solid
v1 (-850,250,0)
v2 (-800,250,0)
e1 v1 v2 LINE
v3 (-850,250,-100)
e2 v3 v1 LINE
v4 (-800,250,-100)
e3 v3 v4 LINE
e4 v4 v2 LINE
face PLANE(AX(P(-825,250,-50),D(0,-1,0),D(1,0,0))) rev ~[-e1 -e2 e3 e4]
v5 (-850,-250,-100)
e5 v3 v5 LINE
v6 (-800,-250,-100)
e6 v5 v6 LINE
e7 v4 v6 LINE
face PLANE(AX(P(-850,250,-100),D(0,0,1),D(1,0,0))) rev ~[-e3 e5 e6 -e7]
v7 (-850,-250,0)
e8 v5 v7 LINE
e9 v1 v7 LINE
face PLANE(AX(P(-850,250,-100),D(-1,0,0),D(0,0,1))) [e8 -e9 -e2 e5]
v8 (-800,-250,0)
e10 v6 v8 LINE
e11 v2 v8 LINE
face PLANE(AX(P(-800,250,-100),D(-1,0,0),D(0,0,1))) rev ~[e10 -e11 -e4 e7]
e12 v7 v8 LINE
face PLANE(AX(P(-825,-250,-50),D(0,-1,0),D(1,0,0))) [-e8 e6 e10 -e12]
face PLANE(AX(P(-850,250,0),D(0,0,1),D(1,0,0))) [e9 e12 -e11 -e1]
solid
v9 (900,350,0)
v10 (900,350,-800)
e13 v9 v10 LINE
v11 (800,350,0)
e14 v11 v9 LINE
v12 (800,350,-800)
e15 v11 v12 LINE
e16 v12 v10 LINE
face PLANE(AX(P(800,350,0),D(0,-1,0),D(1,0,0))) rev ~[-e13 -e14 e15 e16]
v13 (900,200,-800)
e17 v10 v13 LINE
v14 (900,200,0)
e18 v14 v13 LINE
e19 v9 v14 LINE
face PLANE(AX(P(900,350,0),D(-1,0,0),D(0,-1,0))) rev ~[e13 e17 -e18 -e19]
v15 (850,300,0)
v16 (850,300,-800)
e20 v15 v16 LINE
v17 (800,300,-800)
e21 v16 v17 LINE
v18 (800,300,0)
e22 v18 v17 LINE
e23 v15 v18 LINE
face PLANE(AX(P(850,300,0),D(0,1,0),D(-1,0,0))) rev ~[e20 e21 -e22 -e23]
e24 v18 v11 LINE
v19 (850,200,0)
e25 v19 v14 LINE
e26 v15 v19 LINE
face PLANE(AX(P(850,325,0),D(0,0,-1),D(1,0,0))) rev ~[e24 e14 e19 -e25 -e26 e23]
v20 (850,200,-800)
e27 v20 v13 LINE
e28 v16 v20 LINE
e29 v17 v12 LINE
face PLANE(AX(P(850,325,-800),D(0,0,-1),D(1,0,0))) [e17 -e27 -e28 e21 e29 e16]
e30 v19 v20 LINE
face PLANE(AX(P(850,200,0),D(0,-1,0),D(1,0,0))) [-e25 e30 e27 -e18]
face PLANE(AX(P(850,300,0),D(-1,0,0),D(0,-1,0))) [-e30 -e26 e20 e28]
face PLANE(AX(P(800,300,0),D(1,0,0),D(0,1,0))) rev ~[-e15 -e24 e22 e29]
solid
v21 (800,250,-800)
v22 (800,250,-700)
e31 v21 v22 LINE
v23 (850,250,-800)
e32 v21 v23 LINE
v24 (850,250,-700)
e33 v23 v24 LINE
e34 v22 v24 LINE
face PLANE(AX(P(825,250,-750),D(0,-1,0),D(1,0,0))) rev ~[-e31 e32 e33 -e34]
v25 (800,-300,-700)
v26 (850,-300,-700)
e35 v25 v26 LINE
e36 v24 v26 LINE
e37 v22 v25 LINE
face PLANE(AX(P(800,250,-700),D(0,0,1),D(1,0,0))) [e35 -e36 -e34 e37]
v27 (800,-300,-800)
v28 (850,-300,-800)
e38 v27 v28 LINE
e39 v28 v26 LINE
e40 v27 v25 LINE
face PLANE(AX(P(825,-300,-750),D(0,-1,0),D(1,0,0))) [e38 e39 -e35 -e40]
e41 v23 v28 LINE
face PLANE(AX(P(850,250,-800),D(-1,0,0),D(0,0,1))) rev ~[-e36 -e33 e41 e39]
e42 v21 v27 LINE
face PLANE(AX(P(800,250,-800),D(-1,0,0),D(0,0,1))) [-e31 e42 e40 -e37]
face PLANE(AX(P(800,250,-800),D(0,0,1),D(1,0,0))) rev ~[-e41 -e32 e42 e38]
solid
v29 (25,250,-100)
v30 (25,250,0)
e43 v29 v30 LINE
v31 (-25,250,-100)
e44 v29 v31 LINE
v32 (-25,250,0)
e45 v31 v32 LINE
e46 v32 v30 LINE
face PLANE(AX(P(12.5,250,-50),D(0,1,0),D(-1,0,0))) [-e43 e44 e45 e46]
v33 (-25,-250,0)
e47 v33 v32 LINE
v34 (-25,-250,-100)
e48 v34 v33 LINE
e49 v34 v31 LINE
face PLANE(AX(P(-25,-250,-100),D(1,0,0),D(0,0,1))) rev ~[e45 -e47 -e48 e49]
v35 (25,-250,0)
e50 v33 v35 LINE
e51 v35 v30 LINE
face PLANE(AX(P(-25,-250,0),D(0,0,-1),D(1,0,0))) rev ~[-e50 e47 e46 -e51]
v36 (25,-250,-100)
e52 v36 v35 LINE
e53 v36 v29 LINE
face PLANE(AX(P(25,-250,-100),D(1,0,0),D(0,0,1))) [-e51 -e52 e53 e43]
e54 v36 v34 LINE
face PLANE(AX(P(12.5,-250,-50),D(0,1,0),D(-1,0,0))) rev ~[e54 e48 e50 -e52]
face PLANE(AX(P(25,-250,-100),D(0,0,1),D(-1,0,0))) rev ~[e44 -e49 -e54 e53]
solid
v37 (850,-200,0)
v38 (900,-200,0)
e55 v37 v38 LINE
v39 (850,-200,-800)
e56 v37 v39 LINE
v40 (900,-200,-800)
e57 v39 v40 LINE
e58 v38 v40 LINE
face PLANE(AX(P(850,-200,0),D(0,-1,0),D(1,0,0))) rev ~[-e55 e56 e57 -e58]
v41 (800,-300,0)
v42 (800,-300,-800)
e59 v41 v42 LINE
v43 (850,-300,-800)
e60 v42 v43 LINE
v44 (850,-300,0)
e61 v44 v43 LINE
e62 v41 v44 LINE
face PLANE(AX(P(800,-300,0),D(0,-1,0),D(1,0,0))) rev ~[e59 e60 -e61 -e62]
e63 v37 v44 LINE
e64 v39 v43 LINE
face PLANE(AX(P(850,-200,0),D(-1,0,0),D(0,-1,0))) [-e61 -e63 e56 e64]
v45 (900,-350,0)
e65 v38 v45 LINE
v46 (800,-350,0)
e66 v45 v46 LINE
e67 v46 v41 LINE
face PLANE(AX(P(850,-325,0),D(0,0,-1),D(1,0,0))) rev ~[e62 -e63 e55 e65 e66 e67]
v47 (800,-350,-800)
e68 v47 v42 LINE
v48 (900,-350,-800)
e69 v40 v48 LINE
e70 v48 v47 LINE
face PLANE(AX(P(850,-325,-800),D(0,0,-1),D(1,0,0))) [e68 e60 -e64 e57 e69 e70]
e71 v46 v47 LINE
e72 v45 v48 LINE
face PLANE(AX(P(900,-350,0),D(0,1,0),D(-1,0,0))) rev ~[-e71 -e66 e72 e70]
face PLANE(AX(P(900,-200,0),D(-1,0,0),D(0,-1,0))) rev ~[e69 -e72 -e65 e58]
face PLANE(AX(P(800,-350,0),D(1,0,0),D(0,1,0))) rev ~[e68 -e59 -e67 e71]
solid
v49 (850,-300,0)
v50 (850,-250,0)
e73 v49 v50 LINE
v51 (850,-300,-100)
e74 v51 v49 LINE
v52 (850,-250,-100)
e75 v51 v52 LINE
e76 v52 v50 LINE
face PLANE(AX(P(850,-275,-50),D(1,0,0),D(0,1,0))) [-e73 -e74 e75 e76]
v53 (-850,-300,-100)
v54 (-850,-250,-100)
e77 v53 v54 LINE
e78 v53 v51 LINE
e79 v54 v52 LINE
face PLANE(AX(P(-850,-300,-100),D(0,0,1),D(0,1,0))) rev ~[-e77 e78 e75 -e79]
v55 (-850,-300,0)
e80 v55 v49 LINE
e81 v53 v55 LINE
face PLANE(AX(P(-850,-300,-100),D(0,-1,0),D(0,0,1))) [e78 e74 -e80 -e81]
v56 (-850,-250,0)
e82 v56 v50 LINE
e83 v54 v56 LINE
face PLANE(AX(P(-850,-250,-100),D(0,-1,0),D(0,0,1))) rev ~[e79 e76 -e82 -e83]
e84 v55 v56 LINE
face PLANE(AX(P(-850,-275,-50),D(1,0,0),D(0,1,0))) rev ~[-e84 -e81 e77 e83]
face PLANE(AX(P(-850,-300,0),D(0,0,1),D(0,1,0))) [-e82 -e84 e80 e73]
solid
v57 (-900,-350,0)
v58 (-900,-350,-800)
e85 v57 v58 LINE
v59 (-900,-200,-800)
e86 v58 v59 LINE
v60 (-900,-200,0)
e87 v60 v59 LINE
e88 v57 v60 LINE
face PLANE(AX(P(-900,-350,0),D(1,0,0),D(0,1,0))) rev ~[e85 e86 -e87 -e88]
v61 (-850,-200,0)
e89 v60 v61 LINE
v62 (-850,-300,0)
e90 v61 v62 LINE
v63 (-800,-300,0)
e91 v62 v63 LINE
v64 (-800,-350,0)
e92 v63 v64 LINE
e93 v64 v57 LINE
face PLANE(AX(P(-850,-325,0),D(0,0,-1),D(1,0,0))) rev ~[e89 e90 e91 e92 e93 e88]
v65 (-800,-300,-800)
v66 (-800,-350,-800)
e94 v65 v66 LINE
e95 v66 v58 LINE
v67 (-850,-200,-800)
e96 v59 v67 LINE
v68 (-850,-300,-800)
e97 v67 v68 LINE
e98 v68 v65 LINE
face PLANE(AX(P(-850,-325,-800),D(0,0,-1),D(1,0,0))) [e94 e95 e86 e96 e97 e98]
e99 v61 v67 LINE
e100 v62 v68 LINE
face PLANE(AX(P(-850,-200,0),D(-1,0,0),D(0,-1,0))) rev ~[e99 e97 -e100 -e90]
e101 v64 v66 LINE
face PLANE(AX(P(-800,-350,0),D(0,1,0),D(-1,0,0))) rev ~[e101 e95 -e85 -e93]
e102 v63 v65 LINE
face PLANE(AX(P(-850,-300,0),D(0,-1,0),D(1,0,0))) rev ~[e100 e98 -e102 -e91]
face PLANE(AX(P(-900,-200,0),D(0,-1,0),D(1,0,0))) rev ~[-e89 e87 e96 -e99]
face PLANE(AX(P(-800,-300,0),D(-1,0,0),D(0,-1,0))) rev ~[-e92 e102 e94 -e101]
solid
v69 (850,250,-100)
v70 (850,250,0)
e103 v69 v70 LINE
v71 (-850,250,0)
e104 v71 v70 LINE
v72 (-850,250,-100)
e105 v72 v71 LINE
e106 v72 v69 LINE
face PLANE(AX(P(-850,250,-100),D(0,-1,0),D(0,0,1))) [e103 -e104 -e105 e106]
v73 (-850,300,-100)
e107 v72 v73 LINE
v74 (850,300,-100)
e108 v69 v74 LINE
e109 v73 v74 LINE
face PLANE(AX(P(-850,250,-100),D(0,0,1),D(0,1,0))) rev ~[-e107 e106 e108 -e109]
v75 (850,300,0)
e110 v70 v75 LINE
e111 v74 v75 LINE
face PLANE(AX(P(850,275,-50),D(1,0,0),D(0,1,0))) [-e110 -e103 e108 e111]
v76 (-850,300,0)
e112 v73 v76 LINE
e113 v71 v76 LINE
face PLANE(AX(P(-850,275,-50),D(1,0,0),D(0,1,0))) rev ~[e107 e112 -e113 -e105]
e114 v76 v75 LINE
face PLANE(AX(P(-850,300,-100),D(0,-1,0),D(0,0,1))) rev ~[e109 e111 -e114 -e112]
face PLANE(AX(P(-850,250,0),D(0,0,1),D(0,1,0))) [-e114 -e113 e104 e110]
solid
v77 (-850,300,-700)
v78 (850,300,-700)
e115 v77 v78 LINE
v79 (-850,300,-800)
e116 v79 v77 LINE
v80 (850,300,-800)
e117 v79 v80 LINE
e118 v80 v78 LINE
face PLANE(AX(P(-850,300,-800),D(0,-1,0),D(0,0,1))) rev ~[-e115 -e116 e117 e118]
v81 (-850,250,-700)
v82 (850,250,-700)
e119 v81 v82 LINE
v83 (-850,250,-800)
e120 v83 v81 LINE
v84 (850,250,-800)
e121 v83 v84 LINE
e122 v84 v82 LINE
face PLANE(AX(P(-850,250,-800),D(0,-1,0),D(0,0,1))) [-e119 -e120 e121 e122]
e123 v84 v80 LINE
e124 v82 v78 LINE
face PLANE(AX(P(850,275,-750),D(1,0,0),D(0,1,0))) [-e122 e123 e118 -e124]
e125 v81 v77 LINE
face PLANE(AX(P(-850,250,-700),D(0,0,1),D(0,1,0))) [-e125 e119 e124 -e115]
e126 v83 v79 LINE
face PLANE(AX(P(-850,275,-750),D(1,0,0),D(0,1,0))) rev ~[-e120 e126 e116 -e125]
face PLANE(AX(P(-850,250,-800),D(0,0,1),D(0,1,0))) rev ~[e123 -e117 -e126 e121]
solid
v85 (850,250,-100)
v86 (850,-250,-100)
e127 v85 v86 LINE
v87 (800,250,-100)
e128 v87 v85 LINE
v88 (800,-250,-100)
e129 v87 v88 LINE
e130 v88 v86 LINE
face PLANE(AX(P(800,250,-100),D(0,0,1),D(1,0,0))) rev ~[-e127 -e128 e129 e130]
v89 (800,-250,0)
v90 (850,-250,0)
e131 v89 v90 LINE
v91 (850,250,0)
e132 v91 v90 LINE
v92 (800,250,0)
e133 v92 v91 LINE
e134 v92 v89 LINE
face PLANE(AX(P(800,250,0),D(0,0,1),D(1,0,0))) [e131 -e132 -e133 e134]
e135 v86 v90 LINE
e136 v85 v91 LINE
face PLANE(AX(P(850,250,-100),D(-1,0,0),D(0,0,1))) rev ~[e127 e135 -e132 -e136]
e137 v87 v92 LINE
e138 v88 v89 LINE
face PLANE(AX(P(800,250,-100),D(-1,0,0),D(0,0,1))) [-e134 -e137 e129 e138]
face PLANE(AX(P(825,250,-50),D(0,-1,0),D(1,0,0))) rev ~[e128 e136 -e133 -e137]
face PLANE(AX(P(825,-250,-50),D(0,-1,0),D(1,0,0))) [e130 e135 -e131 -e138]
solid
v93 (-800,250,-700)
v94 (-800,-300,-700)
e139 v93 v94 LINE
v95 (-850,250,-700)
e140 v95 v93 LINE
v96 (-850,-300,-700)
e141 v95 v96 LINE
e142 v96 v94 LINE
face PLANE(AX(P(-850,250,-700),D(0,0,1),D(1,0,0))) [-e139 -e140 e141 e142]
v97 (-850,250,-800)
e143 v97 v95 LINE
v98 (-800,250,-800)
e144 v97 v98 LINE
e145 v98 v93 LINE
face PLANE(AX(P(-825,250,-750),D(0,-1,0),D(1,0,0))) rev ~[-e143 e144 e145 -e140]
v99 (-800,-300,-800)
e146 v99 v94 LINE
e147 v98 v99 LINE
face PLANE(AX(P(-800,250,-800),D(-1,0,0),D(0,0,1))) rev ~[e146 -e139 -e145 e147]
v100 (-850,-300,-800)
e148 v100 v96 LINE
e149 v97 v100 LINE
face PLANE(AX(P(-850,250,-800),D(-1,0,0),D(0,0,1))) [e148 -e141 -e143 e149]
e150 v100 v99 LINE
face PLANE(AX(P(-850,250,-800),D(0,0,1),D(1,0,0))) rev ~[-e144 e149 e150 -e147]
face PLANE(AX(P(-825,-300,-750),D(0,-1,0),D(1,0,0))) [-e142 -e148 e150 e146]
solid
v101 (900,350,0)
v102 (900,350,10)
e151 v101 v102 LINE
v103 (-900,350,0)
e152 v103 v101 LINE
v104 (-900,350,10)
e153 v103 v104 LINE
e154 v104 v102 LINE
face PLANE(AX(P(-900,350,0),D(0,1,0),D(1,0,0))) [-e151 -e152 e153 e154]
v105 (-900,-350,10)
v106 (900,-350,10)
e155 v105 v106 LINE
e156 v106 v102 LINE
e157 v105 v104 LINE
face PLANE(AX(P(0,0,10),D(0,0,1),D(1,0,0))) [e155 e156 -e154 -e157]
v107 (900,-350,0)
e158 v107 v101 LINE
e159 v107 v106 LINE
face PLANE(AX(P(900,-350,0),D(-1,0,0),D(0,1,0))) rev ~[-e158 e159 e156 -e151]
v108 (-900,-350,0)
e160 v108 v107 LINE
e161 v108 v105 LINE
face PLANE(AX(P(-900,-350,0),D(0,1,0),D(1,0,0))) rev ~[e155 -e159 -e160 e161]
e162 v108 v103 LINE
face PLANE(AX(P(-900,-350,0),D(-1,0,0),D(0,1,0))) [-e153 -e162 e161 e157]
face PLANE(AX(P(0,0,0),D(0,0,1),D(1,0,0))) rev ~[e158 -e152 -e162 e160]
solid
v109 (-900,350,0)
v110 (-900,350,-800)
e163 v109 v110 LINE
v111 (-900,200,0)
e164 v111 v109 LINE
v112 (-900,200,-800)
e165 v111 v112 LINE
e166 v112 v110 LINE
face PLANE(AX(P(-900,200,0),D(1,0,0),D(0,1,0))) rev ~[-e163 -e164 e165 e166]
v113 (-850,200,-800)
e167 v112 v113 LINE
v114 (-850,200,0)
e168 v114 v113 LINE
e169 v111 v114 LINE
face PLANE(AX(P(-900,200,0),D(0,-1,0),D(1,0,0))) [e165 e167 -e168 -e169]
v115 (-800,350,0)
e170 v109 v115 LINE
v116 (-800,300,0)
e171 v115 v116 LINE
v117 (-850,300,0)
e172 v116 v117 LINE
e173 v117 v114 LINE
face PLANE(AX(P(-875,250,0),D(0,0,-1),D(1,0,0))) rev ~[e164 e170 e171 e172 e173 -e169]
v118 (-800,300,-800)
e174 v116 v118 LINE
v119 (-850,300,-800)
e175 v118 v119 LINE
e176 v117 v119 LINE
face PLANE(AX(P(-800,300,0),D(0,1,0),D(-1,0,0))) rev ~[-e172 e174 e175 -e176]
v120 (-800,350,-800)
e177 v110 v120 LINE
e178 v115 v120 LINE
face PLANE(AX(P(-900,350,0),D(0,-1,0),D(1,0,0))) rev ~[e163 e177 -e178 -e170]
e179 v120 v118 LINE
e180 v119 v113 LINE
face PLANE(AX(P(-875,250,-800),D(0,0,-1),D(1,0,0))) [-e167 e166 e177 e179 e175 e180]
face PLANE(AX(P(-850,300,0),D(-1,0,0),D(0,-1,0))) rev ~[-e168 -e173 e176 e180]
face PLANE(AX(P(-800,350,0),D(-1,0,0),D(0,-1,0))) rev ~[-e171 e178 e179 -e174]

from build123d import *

# Parameters (mm, degrees)
F0_W      = 1800
F0_H      = 700
F1_DEPTH  = 10
F2_W      = 50
F2_H      = 100
F3_DEPTH  = 800
F4_W      = 50
F4_H      = 100
F5_DEPTH  = 1700
F6_W      = 50
F6_H      = 100
F7_DEPTH  = 1700
F8_W      = 50
F8_H      = 100
F9_DEPTH  = 500
F10_W     = 50
F10_H     = 100
F11_DEPTH = 500
F12_W     = 50
F12_H     = 100
F13_DEPTH = 1700
F14_W     = 50
F14_H     = 100
F15_DEPTH = 550
F16_W     = 50
F16_H     = 100
F17_DEPTH = 550
F18_W     = 25
F18_H     = 100
F19_DEPTH = 500


with BuildPart() as f1:
    # F0 (on Top) → F1 (new body)
    with BuildSketch(Plane.XY):
        Rectangle(F0_W, F0_H)
    extrude(amount=F1_DEPTH)


with BuildPart() as f3:
    # F2 (on face) → F3 (new body)
    with BuildSketch(Plane(origin=(0, 0, 0), x_dir=(1, 0, 0), z_dir=(0, 0, -1))):
        Polygon((-800, 350), (-900, 350), (-900, 300), (-850, 300), (-800, 300), align=None)
        with Locations((-875, 250)):
            Rectangle(F2_W, F2_H)
        with Locations((-875, -250)):
            Rectangle(F2_W, F2_H)
        Polygon((-850, -300), (-900, -300), (-900, -350), (-800, -350), (-800, -300), align=None)
        Polygon((800, -350), (900, -350), (900, -300), (850, -300), (800, -300), align=None)
        with Locations((875, -250)):
            Rectangle(F2_W, F2_H)
        Polygon((900, 300), (900, 350), (800, 350), (800, 300), (850, 300), align=None)
        with Locations((875, 250)):
            Rectangle(F2_W, F2_H)
    extrude(amount=F3_DEPTH)


with BuildPart() as f5:
    # F4 (on face) → F5 (new body, through all)
    with BuildSketch(Plane.YZ.offset(-850)):
        with Locations((-275, -50)):
            Rectangle(F4_W, F4_H)
    extrude(amount=F5_DEPTH)


with BuildPart() as f7:
    # F6 (on face) → F7 (new body, through all)
    with BuildSketch(Plane.YZ.offset(-850)):
        with Locations((275, -50)):
            Rectangle(F6_W, F6_H)
    extrude(amount=F7_DEPTH)


with BuildPart() as f9:
    # F8 (on face) → F9 (new body, through all)
    with BuildSketch(Plane.XZ.offset(-250)):
        with Locations((-825, -50)):
            Rectangle(F8_W, F8_H)
    extrude(amount=F9_DEPTH)


with BuildPart() as f11:
    # F10 (on face) → F11 (new body, through all)
    with BuildSketch(Plane.XZ.offset(-250)):
        with Locations((825, -50)):
            Rectangle(F10_W, F10_H)
    extrude(amount=F11_DEPTH)


with BuildPart() as f13:
    # F12 (on face) → F13 (new body, through all)
    with BuildSketch(Plane.YZ.offset(-850)):
        with Locations((275, -750)):
            Rectangle(F12_W, F12_H)
    extrude(amount=F13_DEPTH)


with BuildPart() as f15:
    # F14 (on face) → F15 (new body, through all)
    with BuildSketch(Plane.XZ.offset(-250)):
        with Locations((825, -750)):
            Rectangle(F14_W, F14_H)
    extrude(amount=F15_DEPTH)


with BuildPart() as f17:
    # F16 (on face) → F17 (new body, through all)
    with BuildSketch(Plane.XZ.offset(-250)):
        with Locations((-825, -750)):
            Rectangle(F16_W, F16_H)
    extrude(amount=F17_DEPTH)


with BuildPart() as f19:
    # F18 (on face) → F19 (new body, through all)
    with BuildSketch(Plane(origin=(0, -250, 0), x_dir=(-1, 0, 0), z_dir=(0, 1, 0))):
        with Locations((-12.5, -50)):
            Rectangle(F18_W, F18_H)
        with Locations((12.5, -50)):
            Rectangle(F18_W, F18_H)
    extrude(amount=F19_DEPTH)


solid = Compound([f1.part, f3.part, f5.part, f7.part, f9.part, f11.part, f13.part, f15.part, f17.part, f19.part])
